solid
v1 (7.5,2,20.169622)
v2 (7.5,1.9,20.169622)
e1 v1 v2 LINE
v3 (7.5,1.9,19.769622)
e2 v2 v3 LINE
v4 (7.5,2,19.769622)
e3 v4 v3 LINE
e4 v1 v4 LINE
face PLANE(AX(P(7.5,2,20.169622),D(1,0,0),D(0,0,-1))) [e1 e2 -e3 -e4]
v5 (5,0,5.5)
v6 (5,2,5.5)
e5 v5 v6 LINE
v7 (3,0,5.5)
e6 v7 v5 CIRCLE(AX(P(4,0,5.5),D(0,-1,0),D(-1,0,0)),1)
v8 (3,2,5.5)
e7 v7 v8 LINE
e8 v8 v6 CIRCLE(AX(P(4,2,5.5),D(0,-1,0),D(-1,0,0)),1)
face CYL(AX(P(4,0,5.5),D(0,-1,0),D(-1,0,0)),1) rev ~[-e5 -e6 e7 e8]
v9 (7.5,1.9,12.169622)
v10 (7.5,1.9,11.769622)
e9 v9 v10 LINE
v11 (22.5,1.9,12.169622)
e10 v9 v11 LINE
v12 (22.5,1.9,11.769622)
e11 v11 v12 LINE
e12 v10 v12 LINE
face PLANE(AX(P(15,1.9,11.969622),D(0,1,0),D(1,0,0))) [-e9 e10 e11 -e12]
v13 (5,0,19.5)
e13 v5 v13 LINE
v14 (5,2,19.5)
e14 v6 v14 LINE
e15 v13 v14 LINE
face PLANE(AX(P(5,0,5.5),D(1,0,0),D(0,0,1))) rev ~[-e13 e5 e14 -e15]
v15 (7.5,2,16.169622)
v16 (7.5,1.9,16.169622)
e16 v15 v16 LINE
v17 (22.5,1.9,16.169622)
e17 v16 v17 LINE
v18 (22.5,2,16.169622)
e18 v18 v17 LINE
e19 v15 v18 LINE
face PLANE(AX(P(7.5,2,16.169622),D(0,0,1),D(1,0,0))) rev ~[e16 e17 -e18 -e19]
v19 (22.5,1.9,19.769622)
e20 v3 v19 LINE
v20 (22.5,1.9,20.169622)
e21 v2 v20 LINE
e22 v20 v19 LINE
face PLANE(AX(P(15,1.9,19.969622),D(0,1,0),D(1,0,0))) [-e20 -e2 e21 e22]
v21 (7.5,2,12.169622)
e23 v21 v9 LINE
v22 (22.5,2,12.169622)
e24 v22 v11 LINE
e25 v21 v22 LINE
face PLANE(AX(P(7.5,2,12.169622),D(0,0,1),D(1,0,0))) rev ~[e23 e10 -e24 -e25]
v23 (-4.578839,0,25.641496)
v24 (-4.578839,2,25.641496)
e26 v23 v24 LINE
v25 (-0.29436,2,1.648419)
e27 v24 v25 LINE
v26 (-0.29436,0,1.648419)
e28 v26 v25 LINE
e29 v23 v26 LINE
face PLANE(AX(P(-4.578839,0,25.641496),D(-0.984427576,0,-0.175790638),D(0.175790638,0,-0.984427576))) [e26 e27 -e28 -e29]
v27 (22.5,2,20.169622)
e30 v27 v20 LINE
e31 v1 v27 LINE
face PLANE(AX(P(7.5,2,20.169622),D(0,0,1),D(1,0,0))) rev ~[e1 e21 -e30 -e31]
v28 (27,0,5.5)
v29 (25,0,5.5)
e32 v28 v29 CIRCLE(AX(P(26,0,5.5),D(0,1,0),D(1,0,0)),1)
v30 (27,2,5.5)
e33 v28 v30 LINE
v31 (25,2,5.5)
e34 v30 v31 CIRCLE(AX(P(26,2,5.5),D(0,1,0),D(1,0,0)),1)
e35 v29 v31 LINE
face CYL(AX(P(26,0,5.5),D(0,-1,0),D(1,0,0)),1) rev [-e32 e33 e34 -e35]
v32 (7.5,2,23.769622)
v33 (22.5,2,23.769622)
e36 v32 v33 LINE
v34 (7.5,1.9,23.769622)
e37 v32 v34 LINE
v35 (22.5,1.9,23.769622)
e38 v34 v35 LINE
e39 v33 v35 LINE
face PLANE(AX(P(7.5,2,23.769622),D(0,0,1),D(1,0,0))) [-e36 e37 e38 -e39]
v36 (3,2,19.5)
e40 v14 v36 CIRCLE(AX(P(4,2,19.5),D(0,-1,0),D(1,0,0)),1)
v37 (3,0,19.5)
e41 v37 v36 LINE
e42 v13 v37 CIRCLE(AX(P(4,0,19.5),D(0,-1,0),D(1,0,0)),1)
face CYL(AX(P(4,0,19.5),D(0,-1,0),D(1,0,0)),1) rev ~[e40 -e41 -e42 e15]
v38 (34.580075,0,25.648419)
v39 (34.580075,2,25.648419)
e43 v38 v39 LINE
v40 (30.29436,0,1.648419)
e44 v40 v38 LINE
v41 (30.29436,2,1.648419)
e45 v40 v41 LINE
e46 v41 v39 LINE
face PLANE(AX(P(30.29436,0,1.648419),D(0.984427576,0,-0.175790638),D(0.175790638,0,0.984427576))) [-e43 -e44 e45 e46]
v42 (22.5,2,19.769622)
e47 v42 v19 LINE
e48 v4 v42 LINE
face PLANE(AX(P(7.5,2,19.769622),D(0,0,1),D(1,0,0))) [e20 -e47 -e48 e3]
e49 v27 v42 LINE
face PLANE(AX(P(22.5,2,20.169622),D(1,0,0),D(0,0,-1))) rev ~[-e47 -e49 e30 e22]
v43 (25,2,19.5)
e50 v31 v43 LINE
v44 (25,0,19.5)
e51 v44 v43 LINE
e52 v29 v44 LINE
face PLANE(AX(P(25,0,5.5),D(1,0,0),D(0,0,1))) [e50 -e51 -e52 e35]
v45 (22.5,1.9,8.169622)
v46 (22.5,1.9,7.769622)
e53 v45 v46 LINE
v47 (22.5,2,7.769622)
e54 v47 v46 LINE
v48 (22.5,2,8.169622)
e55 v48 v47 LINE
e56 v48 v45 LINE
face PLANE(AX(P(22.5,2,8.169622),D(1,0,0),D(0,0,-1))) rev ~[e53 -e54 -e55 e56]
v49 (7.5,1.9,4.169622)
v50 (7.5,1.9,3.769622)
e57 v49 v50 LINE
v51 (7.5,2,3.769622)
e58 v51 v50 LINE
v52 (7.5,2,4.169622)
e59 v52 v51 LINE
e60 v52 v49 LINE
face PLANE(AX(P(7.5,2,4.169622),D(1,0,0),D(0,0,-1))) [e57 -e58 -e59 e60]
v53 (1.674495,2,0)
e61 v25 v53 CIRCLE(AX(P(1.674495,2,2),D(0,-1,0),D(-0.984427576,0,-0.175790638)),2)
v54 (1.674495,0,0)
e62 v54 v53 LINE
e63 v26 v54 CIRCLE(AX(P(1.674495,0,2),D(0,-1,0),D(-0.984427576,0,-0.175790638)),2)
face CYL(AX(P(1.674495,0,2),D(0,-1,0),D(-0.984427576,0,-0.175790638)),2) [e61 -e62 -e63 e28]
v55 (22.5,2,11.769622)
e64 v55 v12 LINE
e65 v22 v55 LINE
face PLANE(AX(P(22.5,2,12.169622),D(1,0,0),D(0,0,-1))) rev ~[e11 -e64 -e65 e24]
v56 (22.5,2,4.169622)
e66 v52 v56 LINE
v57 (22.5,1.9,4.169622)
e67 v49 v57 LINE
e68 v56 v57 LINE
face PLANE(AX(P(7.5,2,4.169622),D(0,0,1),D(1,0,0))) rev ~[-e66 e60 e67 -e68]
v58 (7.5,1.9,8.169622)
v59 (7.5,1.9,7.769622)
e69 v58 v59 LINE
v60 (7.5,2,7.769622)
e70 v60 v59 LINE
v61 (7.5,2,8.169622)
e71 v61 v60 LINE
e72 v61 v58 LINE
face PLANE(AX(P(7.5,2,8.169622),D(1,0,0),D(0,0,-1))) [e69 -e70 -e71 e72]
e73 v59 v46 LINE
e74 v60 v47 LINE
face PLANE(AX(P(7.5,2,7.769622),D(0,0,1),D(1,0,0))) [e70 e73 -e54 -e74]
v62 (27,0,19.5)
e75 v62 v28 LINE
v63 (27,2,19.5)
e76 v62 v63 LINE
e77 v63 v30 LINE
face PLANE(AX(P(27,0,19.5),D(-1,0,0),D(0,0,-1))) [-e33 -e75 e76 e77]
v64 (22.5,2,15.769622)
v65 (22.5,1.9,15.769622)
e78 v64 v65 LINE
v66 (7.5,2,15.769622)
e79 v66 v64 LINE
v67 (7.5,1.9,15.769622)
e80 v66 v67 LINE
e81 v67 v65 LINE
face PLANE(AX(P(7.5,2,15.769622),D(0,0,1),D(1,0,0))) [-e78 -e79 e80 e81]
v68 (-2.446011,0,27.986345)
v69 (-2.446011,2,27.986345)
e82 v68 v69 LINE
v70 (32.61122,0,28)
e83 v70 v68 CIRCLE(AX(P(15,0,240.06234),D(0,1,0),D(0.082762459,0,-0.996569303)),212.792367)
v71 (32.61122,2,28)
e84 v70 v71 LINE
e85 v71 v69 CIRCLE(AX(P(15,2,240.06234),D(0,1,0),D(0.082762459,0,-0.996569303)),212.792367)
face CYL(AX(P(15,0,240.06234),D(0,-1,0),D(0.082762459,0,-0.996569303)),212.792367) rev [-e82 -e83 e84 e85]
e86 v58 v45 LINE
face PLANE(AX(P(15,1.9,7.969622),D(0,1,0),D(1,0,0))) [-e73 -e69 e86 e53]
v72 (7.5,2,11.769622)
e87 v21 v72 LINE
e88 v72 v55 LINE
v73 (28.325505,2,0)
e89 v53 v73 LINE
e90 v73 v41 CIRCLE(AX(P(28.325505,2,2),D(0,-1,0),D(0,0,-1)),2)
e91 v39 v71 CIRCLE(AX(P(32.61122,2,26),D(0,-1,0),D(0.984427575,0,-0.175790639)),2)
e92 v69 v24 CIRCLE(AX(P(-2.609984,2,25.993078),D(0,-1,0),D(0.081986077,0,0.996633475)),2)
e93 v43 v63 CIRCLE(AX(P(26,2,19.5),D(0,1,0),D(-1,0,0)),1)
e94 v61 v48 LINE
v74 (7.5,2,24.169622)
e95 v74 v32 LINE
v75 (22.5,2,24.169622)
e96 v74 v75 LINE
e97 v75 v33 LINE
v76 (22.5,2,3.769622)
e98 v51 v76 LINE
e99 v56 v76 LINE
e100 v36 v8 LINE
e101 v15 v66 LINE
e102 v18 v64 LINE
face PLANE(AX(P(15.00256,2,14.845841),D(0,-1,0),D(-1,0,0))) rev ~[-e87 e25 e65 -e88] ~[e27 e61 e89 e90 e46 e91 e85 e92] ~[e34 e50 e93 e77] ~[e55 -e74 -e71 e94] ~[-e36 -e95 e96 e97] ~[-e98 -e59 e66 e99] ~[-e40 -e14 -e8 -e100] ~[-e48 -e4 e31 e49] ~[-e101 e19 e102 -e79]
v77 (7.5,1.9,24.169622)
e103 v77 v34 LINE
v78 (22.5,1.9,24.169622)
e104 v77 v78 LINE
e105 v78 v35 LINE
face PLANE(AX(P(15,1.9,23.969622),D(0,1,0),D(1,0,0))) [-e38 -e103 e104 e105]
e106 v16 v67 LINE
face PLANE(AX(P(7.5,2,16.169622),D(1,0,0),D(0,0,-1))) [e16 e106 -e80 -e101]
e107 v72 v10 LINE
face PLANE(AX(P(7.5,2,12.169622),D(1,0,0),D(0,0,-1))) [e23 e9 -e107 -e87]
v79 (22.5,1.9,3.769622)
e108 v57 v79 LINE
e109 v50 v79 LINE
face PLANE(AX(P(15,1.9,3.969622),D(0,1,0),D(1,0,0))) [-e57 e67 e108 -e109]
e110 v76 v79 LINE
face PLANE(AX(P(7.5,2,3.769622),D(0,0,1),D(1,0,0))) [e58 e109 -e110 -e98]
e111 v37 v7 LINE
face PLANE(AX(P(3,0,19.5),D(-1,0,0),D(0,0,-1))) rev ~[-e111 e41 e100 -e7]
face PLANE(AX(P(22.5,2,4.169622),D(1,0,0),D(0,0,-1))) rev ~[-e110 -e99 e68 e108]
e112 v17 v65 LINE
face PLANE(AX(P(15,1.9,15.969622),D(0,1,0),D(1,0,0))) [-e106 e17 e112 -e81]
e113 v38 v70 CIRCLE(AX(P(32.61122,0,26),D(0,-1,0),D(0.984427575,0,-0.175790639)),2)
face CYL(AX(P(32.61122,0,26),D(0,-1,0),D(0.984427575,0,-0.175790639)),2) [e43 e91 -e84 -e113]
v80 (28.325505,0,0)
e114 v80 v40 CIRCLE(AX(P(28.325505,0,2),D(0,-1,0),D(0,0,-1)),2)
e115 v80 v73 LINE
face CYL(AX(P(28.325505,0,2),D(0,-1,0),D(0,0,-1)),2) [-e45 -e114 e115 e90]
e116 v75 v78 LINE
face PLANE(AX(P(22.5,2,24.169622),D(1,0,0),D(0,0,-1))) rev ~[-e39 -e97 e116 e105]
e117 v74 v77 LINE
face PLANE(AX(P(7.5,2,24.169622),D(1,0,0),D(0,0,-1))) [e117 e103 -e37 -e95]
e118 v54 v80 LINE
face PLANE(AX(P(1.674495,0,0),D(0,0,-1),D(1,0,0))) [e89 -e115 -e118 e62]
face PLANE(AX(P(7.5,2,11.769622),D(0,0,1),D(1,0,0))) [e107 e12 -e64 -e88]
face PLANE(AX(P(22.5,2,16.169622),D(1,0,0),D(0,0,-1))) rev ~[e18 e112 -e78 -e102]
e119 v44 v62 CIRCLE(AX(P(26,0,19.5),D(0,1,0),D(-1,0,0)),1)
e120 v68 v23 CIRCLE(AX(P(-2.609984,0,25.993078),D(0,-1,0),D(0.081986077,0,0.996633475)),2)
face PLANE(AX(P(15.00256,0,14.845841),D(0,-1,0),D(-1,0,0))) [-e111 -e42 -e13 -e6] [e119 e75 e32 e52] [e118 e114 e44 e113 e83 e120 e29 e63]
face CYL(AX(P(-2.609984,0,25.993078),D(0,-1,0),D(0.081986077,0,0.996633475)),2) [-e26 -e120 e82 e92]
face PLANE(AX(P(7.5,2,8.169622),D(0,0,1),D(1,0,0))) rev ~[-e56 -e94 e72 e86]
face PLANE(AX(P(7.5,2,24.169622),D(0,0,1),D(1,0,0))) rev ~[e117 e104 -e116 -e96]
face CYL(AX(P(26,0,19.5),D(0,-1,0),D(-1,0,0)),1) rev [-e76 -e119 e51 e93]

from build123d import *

# Parameters (mm, degrees)
RESSALTO_EXTRUS_O1_DEPTH = 2
ESBO_O2_W                = 15
ESBO_O2_H                = 0.4
CORTE_EXTRUS_O1_DEPTH    = 0.1
PADR_O_LINEAR1_COUNT     = 6
PADR_O_LINEAR1_PITCH     = 4


with BuildPart() as part:
    # Esboço1 → Ressalto-extrusão1 (new body)
    with BuildSketch(Plane(origin=(0, 0, 0), x_dir=(1, 0, 0), z_dir=(0, 1, 0))):
        with BuildLine():
            Line((1.674494665, 0), (28.325505335, 0))
            ThreePointArc((28.325505335, 0), (29.609412934, -0.466513359), (30.294360486, -1.648418723))
            Line((30.294360486, -1.648418723), (34.580074772, -25.648418723))
            ThreePointArc((34.580074772, -25.648418723), (34.144706262, -27.283907599), (32.611219621, -28))
            ThreePointArc((32.611219621, -28), (15.082885827, -27.269989968), (-2.446011347, -27.98634468))
            ThreePointArc((-2.446011347, -27.98634468), (-4.089503342, -27.338819548), (-4.578838652, -25.641496454))
            Line((-4.578838652, -25.641496454), (-0.294360486, -1.648418723))
            ThreePointArc((-0.294360486, -1.648418723), (0.390587066, -0.466513359), (1.674494665, 0))
        make_face()
        with BuildLine():
            Line((5, -5.5), (5, -19.5))
            ThreePointArc((5, -19.5), (4, -20.5), (3, -19.5))
            Line((3, -19.5), (3, -5.5))
            ThreePointArc((3, -5.5), (4, -4.5), (5, -5.5))
        make_face(mode=Mode.SUBTRACT)
        with BuildLine():
            Line((25, -5.5), (25, -19.5))
            ThreePointArc((25, -19.5), (26, -20.5), (27, -19.5))
            Line((27, -19.5), (27, -5.5))
            ThreePointArc((27, -5.5), (26, -4.5), (25, -5.5))
        make_face(mode=Mode.SUBTRACT)
    extrude(amount=RESSALTO_EXTRUS_O1_DEPTH)

    # Esboço2 → Corte-extrusão1 (cut)
    with BuildSketch(Plane(origin=(0, 2, 0), x_dir=(1, 0, 0), z_dir=(0, 1, 0))):
        with Locations((15, -23.969622092)):
            Rectangle(ESBO_O2_W, ESBO_O2_H)
    corte_extrus_o1 = extrude(amount=-CORTE_EXTRUS_O1_DEPTH, mode=Mode.SUBTRACT)

    # Padrão linear1: Corte-extrusão1 ×6
    with Locations(*[(0, 0, -i * PADR_O_LINEAR1_PITCH) for i in range(1, PADR_O_LINEAR1_COUNT)]):
        add(corte_extrus_o1, mode=Mode.SUBTRACT)


solid = part.part
